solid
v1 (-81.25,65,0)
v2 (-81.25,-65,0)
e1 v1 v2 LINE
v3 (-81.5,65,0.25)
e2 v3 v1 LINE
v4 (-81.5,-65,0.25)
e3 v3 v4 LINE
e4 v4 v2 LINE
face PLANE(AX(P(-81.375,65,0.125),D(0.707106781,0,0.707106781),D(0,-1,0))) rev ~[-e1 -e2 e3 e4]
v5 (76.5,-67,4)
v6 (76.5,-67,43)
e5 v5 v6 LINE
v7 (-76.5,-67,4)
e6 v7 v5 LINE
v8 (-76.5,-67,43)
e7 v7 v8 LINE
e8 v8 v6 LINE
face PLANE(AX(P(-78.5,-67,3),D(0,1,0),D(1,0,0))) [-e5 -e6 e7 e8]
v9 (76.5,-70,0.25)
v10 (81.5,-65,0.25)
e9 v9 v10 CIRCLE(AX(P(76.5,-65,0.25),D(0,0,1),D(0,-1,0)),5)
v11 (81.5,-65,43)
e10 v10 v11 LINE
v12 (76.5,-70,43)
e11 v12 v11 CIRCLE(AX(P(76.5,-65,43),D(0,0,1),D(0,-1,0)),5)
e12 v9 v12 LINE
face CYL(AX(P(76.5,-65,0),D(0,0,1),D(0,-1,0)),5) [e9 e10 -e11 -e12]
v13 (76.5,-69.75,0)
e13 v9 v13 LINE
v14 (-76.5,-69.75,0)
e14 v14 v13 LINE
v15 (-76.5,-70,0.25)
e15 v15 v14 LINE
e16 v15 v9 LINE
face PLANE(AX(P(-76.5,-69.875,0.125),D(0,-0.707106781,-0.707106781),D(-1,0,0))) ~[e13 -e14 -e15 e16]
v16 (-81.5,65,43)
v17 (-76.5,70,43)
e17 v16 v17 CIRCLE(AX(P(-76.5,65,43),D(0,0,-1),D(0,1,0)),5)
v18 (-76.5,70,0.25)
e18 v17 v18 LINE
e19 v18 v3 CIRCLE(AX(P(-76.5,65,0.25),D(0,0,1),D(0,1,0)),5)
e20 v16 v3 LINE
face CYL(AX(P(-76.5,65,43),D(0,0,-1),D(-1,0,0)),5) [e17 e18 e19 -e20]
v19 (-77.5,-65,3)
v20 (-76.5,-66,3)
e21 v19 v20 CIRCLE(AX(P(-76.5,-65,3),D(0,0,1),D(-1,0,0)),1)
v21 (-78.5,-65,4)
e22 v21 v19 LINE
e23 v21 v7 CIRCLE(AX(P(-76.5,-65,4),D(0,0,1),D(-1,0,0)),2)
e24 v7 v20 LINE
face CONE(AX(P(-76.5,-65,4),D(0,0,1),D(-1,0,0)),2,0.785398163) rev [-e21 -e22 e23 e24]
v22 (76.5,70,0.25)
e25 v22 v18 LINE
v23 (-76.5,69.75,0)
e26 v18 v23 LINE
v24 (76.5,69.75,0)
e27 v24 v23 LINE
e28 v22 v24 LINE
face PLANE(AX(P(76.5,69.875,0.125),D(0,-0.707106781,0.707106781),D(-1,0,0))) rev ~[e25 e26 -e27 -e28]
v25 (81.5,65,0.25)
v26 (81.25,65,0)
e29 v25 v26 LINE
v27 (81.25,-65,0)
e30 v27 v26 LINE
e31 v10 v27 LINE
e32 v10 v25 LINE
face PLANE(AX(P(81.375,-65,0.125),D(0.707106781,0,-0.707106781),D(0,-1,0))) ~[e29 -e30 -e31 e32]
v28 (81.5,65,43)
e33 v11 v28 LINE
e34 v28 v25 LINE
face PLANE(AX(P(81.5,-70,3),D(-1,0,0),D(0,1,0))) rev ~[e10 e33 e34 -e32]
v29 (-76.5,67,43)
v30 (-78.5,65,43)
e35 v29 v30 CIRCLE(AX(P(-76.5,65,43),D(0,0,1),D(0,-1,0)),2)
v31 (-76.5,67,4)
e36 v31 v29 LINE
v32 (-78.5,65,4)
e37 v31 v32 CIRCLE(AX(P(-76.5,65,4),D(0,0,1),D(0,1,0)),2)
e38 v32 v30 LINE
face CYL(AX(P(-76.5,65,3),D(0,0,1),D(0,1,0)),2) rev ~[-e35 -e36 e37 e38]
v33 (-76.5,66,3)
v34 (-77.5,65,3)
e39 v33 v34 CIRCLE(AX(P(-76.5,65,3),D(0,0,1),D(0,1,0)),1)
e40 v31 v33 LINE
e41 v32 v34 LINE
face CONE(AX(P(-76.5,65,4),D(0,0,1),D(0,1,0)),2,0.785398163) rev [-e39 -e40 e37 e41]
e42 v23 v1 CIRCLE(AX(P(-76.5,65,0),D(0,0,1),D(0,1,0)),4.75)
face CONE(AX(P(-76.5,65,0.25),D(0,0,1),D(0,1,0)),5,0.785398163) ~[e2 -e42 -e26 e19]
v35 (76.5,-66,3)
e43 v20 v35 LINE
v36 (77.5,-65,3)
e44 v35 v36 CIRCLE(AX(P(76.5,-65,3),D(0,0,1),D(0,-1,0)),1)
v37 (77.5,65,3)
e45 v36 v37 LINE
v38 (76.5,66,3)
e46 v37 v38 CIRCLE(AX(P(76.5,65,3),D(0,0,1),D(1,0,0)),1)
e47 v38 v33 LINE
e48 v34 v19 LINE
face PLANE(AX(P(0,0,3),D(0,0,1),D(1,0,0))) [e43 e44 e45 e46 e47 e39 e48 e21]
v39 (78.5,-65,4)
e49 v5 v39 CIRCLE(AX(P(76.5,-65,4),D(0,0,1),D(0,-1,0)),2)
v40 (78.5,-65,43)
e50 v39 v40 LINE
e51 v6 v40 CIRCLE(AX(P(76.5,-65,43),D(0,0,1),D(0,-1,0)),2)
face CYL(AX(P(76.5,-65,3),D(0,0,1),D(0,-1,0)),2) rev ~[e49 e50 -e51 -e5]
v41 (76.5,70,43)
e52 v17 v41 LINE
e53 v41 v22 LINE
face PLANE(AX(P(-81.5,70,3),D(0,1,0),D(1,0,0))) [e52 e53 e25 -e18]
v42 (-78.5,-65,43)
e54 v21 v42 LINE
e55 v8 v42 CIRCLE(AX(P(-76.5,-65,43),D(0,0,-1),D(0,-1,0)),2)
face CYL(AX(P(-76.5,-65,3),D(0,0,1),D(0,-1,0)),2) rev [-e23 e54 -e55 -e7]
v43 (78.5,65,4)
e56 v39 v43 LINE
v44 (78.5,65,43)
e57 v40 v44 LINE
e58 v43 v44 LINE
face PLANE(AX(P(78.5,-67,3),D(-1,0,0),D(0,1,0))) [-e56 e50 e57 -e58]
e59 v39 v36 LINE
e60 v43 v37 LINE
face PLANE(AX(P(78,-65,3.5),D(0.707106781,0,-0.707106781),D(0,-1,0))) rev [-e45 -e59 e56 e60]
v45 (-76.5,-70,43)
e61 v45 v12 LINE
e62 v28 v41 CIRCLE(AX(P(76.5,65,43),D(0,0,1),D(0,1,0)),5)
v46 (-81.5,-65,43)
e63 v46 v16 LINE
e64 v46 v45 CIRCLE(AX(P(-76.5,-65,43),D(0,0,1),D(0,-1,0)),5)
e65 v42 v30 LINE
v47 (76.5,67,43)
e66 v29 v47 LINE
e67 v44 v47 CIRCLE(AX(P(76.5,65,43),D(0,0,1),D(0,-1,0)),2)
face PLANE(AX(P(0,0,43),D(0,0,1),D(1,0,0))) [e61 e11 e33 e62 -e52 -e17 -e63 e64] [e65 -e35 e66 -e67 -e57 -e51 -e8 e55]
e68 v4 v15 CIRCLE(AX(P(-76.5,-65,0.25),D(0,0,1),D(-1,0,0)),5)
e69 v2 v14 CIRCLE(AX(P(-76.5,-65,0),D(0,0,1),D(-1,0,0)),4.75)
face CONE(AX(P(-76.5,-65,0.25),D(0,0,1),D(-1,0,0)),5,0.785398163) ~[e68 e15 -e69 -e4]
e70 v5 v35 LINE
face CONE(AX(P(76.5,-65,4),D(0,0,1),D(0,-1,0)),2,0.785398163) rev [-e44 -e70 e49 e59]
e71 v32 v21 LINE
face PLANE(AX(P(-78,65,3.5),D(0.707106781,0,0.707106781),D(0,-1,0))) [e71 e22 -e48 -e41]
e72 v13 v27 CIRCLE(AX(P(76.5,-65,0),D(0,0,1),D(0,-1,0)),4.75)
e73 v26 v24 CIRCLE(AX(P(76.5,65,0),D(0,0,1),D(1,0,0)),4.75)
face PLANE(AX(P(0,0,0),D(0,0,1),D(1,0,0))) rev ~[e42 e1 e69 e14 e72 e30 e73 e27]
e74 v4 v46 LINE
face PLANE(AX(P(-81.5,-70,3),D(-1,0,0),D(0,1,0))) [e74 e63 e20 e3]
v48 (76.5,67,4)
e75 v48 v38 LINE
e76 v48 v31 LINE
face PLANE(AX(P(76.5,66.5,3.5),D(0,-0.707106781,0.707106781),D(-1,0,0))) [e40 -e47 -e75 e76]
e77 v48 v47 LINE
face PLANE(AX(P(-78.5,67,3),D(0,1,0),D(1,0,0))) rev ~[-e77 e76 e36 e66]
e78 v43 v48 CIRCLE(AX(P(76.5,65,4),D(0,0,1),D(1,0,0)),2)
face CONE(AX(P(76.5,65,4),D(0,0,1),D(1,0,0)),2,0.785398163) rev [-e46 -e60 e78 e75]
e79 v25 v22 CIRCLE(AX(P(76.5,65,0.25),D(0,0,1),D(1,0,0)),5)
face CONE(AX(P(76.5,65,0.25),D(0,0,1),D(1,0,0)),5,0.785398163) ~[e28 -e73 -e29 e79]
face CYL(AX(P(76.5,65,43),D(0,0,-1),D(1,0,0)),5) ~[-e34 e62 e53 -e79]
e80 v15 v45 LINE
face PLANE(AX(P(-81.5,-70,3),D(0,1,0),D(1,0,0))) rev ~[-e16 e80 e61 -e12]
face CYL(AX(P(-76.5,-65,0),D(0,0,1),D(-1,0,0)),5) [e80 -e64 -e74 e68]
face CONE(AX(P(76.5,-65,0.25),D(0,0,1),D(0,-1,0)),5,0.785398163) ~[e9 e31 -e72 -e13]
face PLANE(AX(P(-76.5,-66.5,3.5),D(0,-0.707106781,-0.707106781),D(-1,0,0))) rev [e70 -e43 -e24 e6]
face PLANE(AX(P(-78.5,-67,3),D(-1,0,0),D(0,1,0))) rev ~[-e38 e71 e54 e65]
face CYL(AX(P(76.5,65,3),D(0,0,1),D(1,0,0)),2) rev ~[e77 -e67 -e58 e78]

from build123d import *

# Parameters (mm, degrees)
F0_W     = 163
F0_H     = 140
F0_W_2   = 123
F0_H_2   = 100
F0_W_3   = 115
F0_H_3   = 92
F1_DEPTH = 3
F2_W     = 163
F2_H     = 140
F2_W_2   = 157
F2_H_2   = 134
F3_DEPTH = 40
F4_R     = 5
F5_R     = 2
F6_SIZE  = 0.25
F7_SIZE  = 1


with BuildPart() as f1:
    # F0 (on Top) → F1 (new body)
    with BuildSketch(Plane.XY):
        Rectangle(F0_W, F0_H)
        Rectangle(F0_W_2, F0_H_2, mode=Mode.SUBTRACT)
        Rectangle(F0_W_2, F0_H_2)
        Rectangle(F0_W_3, F0_H_3, mode=Mode.SUBTRACT)
        Rectangle(F0_W_3, F0_H_3)
    extrude(amount=F1_DEPTH)

    # F2 (on face) → F3 (join)
    with BuildSketch(Plane.XY.offset(3)):
        Rectangle(F2_W, F2_H)
        Rectangle(F2_W_2, F2_H_2, mode=Mode.SUBTRACT)
    extrude(amount=F3_DEPTH)

    # F4
    f4_edges = [f1.edges().sort_by_distance(p)[0] for p in [
        (-81.5, -70, 21.5),
        (81.5, -70, 21.5),
        (81.5, 70, 21.5),
        (-81.5, 70, 21.5),
    ]]
    fillet(f4_edges, radius=F4_R)

    # F5
    f5_edges = [f1.edges().sort_by_distance(p)[0] for p in [
        (78.5, -67, 23),
        (-78.5, -67, 23),
        (78.5, 67, 23),
        (-78.5, 67, 23),
    ]]
    fillet(f5_edges, radius=F5_R)

    # F6
    f6_edges = [f1.edges().sort_by_distance(p)[0] for p in [
        (0, -70, 0),
        (-80.035534, -68.535534, 0),
        (80.035534, -68.535534, 0),
        (-81.5, 0, 0),
        (81.5, 0, 0),
        (-80.035534, 68.535534, 0),
        (80.035534, 68.535534, 0),
        (0, 70, 0),
    ]]
    chamfer(f6_edges, length=F6_SIZE)

    # F7
    f7_edges = [f1.edges().sort_by_distance(p)[0] for p in [
        (0, -67, 3),
        (77.914214, -66.414214, 3),
        (-77.914214, -66.414214, 3),
        (78.5, 0, 3),
        (-78.5, 0, 3),
        (77.914214, 66.414214, 3),
        (-77.914214, 66.414214, 3),
        (0, 67, 3),
    ]]
    chamfer(f7_edges, length=F7_SIZE)


solid = f1.part
